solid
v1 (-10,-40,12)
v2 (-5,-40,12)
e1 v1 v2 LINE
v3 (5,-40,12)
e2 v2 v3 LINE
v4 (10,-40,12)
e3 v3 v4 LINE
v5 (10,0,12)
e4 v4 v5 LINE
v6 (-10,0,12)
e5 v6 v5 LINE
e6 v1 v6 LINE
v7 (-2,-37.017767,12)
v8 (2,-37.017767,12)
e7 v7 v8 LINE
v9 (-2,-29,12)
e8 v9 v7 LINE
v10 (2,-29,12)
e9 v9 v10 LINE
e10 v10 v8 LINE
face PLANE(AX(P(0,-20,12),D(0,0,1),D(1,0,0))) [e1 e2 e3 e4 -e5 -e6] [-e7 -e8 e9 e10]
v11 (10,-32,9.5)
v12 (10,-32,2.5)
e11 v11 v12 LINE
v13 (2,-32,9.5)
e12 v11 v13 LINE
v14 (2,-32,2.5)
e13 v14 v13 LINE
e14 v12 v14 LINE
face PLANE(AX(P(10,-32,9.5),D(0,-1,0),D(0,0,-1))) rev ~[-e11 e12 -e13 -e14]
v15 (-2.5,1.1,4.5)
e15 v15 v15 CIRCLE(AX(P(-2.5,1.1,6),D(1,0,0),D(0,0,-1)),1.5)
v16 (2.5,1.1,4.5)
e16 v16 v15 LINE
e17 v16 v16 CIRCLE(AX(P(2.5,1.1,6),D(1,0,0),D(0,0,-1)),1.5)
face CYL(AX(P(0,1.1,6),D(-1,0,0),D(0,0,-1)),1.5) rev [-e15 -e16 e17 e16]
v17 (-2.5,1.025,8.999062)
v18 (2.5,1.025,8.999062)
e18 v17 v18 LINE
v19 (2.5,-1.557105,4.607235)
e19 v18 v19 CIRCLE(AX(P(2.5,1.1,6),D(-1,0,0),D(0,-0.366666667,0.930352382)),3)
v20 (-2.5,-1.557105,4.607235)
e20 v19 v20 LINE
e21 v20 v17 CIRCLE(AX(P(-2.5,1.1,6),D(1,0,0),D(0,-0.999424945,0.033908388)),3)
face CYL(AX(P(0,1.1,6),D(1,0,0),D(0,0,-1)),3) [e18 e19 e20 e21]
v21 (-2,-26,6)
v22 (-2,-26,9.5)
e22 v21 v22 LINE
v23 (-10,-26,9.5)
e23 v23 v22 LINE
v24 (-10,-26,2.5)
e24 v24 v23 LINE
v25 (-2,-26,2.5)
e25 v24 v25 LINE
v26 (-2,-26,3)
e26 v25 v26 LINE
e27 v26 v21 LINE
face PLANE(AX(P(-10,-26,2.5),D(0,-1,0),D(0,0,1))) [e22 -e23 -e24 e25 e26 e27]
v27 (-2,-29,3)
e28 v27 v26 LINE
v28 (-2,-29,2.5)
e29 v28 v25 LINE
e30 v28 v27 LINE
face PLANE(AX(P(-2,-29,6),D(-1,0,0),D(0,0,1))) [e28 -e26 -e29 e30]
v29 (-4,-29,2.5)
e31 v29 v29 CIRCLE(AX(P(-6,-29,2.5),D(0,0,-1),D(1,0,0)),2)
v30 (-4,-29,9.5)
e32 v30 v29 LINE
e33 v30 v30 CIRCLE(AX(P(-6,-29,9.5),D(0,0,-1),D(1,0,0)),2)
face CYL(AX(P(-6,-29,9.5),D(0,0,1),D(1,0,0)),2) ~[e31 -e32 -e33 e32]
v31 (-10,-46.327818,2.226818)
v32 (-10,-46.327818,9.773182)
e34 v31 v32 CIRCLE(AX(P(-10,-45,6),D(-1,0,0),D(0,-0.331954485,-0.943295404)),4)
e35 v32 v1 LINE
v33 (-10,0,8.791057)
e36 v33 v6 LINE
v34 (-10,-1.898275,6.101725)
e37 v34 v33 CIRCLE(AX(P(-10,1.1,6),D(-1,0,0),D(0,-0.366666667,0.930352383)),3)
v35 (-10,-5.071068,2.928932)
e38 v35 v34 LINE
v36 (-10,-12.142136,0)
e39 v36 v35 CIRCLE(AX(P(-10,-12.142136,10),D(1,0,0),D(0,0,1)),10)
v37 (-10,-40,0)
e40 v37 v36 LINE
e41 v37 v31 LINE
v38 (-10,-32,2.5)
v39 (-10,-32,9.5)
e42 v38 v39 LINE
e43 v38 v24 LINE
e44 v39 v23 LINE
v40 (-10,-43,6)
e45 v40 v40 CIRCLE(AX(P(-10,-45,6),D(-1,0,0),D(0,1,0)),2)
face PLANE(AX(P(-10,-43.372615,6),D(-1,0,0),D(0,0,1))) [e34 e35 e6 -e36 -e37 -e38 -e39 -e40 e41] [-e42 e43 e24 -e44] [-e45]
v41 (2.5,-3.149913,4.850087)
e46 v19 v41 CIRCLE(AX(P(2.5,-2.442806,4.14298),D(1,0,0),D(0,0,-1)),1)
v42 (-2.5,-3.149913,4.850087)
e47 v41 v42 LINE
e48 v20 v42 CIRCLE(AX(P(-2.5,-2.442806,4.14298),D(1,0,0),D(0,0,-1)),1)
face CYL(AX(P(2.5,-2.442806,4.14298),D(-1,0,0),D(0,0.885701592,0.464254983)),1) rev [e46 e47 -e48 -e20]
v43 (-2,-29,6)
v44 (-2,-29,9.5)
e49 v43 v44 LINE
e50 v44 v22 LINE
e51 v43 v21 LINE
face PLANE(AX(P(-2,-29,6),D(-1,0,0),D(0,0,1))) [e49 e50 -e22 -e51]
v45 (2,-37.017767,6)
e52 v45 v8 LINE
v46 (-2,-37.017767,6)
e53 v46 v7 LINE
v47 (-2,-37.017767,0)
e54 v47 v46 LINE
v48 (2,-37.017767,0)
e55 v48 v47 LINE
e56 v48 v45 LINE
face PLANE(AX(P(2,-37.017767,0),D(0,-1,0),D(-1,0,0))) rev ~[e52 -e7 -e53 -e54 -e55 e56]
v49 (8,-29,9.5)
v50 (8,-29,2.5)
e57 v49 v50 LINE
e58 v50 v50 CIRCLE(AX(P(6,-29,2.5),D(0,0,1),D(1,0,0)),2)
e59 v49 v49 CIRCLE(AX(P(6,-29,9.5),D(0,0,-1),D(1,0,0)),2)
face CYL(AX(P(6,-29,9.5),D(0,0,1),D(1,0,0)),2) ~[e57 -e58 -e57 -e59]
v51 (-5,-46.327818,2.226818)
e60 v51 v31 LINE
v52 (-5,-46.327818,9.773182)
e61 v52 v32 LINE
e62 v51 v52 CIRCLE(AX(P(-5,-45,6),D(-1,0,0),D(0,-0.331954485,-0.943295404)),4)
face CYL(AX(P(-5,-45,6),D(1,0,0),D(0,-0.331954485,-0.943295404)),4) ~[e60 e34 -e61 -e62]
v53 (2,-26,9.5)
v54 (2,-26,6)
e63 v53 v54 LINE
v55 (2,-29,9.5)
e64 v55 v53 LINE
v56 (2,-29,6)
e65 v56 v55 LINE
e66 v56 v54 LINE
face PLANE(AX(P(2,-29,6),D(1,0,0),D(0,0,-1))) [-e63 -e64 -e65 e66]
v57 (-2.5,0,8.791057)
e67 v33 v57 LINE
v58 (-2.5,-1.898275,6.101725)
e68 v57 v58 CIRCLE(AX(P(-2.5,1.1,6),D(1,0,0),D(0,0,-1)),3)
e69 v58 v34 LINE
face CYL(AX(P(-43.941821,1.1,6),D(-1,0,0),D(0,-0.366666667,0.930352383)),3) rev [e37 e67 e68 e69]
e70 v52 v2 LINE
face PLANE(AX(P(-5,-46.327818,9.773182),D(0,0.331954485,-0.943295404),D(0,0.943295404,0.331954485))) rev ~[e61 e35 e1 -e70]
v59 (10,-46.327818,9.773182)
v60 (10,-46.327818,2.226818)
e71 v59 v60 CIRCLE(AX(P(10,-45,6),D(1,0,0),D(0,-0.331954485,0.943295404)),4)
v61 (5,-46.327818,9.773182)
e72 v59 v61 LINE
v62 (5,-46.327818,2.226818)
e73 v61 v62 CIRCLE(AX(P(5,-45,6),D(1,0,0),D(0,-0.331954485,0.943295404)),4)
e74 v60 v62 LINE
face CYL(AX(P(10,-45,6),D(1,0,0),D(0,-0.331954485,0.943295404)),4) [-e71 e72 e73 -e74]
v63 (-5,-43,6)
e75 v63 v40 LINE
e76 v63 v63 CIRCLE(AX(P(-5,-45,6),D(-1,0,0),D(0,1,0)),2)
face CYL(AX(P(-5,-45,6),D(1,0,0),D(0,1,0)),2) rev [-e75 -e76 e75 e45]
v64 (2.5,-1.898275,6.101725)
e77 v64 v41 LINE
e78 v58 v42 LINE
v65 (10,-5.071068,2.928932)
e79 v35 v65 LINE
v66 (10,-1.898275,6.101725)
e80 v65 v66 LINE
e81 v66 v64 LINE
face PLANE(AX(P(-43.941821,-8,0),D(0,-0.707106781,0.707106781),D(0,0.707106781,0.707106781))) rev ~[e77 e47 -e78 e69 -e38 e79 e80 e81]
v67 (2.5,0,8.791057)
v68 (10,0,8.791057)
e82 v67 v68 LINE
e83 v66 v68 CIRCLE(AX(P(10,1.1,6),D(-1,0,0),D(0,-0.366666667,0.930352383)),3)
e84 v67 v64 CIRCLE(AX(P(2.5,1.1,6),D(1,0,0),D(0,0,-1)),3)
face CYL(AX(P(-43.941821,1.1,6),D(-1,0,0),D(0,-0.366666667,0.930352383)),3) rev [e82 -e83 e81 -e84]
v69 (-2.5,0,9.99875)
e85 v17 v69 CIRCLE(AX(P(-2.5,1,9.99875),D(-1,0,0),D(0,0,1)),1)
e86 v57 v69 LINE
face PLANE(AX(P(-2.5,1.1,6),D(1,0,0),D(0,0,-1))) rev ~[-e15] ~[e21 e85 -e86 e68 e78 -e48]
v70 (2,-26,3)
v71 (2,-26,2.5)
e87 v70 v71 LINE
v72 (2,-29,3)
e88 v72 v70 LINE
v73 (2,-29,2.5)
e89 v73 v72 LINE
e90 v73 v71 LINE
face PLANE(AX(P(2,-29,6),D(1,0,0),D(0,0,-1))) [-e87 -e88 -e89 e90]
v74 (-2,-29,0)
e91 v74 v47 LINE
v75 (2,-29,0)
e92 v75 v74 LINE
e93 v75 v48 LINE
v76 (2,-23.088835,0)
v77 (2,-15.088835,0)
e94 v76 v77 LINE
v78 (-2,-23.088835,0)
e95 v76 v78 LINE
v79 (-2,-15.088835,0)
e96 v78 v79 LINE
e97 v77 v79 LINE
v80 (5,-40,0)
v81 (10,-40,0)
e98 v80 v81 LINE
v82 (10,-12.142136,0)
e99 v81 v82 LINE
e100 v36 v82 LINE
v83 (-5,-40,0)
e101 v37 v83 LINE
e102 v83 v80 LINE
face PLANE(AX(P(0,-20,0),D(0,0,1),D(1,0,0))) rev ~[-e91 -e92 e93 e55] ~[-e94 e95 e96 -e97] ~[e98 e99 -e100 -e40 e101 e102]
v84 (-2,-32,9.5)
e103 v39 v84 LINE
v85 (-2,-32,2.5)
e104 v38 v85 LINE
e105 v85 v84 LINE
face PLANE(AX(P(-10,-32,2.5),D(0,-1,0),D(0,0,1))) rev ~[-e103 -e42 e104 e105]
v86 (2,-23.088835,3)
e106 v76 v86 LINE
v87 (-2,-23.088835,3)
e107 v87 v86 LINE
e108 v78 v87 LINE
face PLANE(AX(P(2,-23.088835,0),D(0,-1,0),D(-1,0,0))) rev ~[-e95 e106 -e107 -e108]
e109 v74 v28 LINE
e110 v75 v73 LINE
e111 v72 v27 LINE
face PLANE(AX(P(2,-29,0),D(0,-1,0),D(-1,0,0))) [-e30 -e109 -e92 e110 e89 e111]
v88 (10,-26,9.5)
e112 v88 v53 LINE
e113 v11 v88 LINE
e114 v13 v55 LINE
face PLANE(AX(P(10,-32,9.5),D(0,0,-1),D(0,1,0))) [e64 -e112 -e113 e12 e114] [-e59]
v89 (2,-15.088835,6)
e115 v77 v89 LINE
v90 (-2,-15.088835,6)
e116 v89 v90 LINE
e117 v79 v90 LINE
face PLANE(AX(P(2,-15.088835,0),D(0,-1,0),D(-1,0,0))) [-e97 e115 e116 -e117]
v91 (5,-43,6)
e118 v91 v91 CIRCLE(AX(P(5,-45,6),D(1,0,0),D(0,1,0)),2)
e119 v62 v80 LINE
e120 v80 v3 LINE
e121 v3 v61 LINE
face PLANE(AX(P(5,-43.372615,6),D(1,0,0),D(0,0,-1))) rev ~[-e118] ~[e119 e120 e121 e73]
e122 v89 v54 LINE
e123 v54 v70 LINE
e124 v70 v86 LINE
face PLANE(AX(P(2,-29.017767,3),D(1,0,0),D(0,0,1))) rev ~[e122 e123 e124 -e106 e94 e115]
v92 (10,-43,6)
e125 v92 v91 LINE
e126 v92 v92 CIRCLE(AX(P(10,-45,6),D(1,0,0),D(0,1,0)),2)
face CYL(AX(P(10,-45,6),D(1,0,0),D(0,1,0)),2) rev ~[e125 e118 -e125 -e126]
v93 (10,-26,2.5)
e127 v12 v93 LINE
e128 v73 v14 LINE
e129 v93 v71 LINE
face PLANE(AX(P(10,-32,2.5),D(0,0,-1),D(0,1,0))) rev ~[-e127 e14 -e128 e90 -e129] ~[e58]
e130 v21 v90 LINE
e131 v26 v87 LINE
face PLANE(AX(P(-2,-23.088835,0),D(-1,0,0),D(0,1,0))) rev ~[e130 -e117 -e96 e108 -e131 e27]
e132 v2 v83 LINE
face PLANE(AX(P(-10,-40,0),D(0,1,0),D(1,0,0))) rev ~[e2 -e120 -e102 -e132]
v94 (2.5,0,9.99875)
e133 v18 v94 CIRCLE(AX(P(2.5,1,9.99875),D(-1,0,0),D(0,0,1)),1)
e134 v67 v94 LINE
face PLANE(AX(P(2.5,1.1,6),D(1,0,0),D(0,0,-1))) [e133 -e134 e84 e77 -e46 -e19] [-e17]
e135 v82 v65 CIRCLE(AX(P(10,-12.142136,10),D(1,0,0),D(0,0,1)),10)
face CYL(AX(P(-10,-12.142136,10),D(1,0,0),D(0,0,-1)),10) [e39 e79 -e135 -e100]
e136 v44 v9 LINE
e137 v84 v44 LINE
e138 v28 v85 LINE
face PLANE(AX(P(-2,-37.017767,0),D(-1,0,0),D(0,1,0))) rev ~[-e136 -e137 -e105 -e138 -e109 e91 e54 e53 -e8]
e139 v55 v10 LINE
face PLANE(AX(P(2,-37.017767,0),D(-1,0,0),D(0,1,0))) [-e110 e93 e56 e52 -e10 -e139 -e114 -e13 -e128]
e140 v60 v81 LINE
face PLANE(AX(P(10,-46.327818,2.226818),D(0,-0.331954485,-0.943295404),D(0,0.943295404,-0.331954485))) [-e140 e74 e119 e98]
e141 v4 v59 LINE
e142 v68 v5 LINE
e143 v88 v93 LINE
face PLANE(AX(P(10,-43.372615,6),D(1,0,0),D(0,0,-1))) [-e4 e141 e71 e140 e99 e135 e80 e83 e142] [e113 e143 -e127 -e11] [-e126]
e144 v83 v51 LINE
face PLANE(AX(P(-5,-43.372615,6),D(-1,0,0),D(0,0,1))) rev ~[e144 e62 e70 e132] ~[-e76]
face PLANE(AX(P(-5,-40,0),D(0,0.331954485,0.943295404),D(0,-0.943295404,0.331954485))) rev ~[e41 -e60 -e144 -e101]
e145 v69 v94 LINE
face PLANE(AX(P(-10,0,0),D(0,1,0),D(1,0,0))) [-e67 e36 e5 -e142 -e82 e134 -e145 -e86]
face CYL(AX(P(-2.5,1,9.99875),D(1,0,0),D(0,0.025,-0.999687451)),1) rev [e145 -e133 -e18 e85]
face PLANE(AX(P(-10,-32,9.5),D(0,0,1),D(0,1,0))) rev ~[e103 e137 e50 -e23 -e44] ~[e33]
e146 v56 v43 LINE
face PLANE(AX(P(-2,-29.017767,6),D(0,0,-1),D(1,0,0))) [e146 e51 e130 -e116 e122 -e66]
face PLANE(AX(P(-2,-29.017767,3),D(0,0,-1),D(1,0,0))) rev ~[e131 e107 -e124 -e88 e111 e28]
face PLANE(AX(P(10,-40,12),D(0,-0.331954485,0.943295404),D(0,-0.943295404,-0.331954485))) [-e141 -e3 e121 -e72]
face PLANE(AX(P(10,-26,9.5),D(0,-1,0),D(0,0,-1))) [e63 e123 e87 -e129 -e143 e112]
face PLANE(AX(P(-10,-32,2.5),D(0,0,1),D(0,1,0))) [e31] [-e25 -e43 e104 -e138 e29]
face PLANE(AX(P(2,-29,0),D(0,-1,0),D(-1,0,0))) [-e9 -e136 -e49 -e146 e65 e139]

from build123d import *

# Parameters (mm, degrees)
SKETCH1_W               = 20
SKETCH1_H               = 40
BOSS_EXTRUDE1_DEPTH     = 12
CUT_EXTRUDE1_DEPTH      = 43.941821107
CUT_EXTRUDE1_DEPTH_BACK = 43.941821107
CUT_EXTRUDE2_DEPTH      = 43.941821107
CUT_EXTRUDE2_DEPTH_BACK = 43.941821107
SKETCH4_R               = 3
SKETCH4_R_2             = 1.5
BOSS_EXTRUDE2_DEPTH     = 2.5
FILLET1_R               = 1
SKETCH5_R               = 2
BOSS_EXTRUDE3_DEPTH     = 5
BOSS_EXTRUDE4_START     = -5
SKETCH7_R               = 2
BOSS_EXTRUDE4_DEPTH     = 5
FILLET2_R               = 10
SKETCH8_W               = 7
SKETCH8_H               = 6
CUT_EXTRUDE3_DEPTH      = 8
SKETCH10_R              = 2
BOSS_EXTRUDE5_DEPTH     = 7
SKETCH11_W              = 7
SKETCH11_H              = 6
CUT_EXTRUDE4_DEPTH      = 8
SKETCH12_R              = 2
BOSS_EXTRUDE6_DEPTH     = 8
SKETCH13_W              = 4
SKETCH13_H              = 8
CUT_EXTRUDE5_DEPTH      = 6
SKETCH16_W              = 4
SKETCH16_H              = 3
CUT_EXTRUDE6_DEPTH      = 6
SKETCH17_W              = 4
SKETCH17_H              = 8.017766953
CUT_EXTRUDE7_DEPTH      = 52.429563482


with BuildPart() as part:
    # Sketch1 → Boss-Extrude1 (new body)
    with BuildSketch(Plane.XY):
        with Locations((0, -20)):
            Rectangle(SKETCH1_W, SKETCH1_H)
    extrude(amount=BOSS_EXTRUDE1_DEPTH)

    # Sketch2 → Cut-Extrude1 (cut, two sides: drawn at the far end of the back side and taken through both)
    with BuildSketch(Plane(origin=(0, 0, 0), x_dir=(0, 0, -1), z_dir=(1, 0, 0)).offset(-CUT_EXTRUDE1_DEPTH_BACK)):
        Polygon((-8, 0), (0, 0), (0, -8), align=None)
    extrude(amount=CUT_EXTRUDE1_DEPTH + CUT_EXTRUDE1_DEPTH_BACK, mode=Mode.SUBTRACT)

    # Sketch3 → Cut-Extrude2 (cut, two sides: drawn at the far end of the back side and taken through both)
    with BuildSketch(Plane(origin=(0, 0, 0), x_dir=(0, 0, -1), z_dir=(1, 0, 0)).offset(-CUT_EXTRUDE2_DEPTH_BACK)):
        with BuildLine():
            ThreePointArc((-3, 1.1), (-6.559834153, 4.04730143), (-8.791057147, 0))
            Line((-8.791057147, 0), (-7.019803903, 0))
            ThreePointArc((-7.019803903, 0), (-6.600122548, 2.474719218), (-4.5, 1.1))
            ThreePointArc((-4.5, 1.1), (-4.625280782, 0.499877452), (-4.980196097, 0))
            Line((-4.980196097, 0), (-3.208942853, 0))
            ThreePointArc((-3.208942853, 0), (-3.05269857, 0.540165847), (-3, 1.1))
        make_face()
        with BuildLine():
            Line((-7.019803903, 0), (-8.791057147, 0))
            ThreePointArc((-8.791057147, 0), (-6, -1.9), (-3.208942853, 0))
            Line((-3.208942853, 0), (-4.980196097, 0))
            ThreePointArc((-4.980196097, 0), (-6, -0.4), (-7.019803903, 0))
        make_face()
    extrude(amount=CUT_EXTRUDE2_DEPTH + CUT_EXTRUDE2_DEPTH_BACK, mode=Mode.SUBTRACT)

    # Sketch4 → Boss-Extrude2 (add, symmetric)
    with BuildSketch(Plane(origin=(0, 0, 0), x_dir=(0, 0, -1), z_dir=(1, 0, 0))):
        with Locations((-6, 1.1)):
            Circle(SKETCH4_R)
        with Locations((-6, 1.1)):
            Circle(SKETCH4_R_2, mode=Mode.SUBTRACT)
    extrude(amount=BOSS_EXTRUDE2_DEPTH, both=True)

    # Fillet1
    fillet1_edges = [part.edges().sort_by_distance(p)[0] for p in [
        (0, -1.898274836, 6.101725164),
        (0, 0, 8.791057147),
    ]]
    fillet(fillet1_edges, radius=FILLET1_R)

    # Sketch5 → Boss-Extrude3 (add)
    with BuildSketch(Plane(origin=(10, 0, 0), x_dir=(0, 0, -1), z_dir=(1, 0, 0))):
        with BuildLine():
            Line((-2.226818383, -46.327817941), (0, -40))
            Line((0, -40), (-12, -40))
            Line((-12, -40), (-9.773181617, -46.327817941))
            ThreePointArc((-9.773181617, -46.327817941), (-6, -49), (-2.226818383, -46.327817941))
        make_face()
        with Locations(Location((-6, -45, 0), (0, 0, 90))):
            Circle(SKETCH5_R, mode=Mode.SUBTRACT)
    extrude(amount=-BOSS_EXTRUDE3_DEPTH)

    # Sketch7 → Boss-Extrude4 (add)
    with BuildSketch(Plane.ZY.offset(10).offset(BOSS_EXTRUDE4_START)):
        with BuildLine():
            Line((12, -40), (0, -40))
            Line((0, -40), (2.226818383, -46.327817941))
            ThreePointArc((2.226818383, -46.327817941), (6, -49), (9.773181617, -46.327817941))
            Line((9.773181617, -46.327817941), (12, -40))
        make_face()
        with Locations(Location((6, -45, 0), (0, 0, 90))):
            Circle(SKETCH7_R, mode=Mode.SUBTRACT)
    extrude(amount=BOSS_EXTRUDE4_DEPTH)

    # Fillet2
    fillet2_edges = [part.edges().sort_by_distance(p)[0] for p in [
        (0, -8, 0),
    ]]
    fillet(fillet2_edges, radius=FILLET2_R)

    # Sketch8 → Cut-Extrude3 (cut)
    with BuildSketch(Plane.ZY.offset(10)):
        with Locations((6, -29)):
            Rectangle(SKETCH8_W, SKETCH8_H)
    extrude(amount=-CUT_EXTRUDE3_DEPTH, mode=Mode.SUBTRACT)

    # Sketch10 → Boss-Extrude5 (add)
    with BuildSketch(Plane(origin=(0, 0, 9.5), x_dir=(-1, 0, 0), z_dir=(0, 0, -1))):
        with Locations(Location((6, -29, 0), (0, 0, 180))):
            Circle(SKETCH10_R)
    extrude(amount=BOSS_EXTRUDE5_DEPTH)

    # Sketch11 → Cut-Extrude4 (cut)
    with BuildSketch(Plane(origin=(10, 0, 0), x_dir=(0, 0, -1), z_dir=(1, 0, 0))):
        with Locations((-6, -29)):
            Rectangle(SKETCH11_W, SKETCH11_H)
    extrude(amount=-CUT_EXTRUDE4_DEPTH, mode=Mode.SUBTRACT)

    # Sketch12 → Boss-Extrude6 (add)
    with BuildSketch(Plane(origin=(0, 0, 9.5), x_dir=(-1, 0, 0), z_dir=(0, 0, -1))):
        with Locations(Location((-6, -29, 0), (0, 0, 180))):
            Circle(SKETCH12_R)
    extrude(amount=BOSS_EXTRUDE6_DEPTH)

    # Sketch13 → Cut-Extrude5 (cut)
    with BuildSketch(Plane(origin=(0, 0, 0), x_dir=(-1, 0, 0), z_dir=(0, 0, -1))):
        with Locations((0, -33.017766953)):
            Rectangle(SKETCH13_W, SKETCH13_H)
        with Locations((0, -19.088834765)):
            Rectangle(SKETCH13_W, SKETCH13_H)
    extrude(amount=-CUT_EXTRUDE5_DEPTH, mode=Mode.SUBTRACT)

    # Sketch16 → Cut-Extrude6 (cut)
    with BuildSketch(Plane.XZ.offset(29.017766953)):
        with Locations((0, 4.5)):
            Rectangle(SKETCH16_W, SKETCH16_H)
    extrude(amount=-CUT_EXTRUDE6_DEPTH, mode=Mode.SUBTRACT)

    # Sketch17 → Cut-Extrude7 (cut, through all)
    with BuildSketch(Plane(origin=(0, 0, 0), x_dir=(-1, 0, 0), z_dir=(0, 0, -1))):
        with Locations((0, -33.008883477)):
            Rectangle(SKETCH17_W, SKETCH17_H)
    extrude(amount=-CUT_EXTRUDE7_DEPTH, mode=Mode.SUBTRACT)


solid = part.part
